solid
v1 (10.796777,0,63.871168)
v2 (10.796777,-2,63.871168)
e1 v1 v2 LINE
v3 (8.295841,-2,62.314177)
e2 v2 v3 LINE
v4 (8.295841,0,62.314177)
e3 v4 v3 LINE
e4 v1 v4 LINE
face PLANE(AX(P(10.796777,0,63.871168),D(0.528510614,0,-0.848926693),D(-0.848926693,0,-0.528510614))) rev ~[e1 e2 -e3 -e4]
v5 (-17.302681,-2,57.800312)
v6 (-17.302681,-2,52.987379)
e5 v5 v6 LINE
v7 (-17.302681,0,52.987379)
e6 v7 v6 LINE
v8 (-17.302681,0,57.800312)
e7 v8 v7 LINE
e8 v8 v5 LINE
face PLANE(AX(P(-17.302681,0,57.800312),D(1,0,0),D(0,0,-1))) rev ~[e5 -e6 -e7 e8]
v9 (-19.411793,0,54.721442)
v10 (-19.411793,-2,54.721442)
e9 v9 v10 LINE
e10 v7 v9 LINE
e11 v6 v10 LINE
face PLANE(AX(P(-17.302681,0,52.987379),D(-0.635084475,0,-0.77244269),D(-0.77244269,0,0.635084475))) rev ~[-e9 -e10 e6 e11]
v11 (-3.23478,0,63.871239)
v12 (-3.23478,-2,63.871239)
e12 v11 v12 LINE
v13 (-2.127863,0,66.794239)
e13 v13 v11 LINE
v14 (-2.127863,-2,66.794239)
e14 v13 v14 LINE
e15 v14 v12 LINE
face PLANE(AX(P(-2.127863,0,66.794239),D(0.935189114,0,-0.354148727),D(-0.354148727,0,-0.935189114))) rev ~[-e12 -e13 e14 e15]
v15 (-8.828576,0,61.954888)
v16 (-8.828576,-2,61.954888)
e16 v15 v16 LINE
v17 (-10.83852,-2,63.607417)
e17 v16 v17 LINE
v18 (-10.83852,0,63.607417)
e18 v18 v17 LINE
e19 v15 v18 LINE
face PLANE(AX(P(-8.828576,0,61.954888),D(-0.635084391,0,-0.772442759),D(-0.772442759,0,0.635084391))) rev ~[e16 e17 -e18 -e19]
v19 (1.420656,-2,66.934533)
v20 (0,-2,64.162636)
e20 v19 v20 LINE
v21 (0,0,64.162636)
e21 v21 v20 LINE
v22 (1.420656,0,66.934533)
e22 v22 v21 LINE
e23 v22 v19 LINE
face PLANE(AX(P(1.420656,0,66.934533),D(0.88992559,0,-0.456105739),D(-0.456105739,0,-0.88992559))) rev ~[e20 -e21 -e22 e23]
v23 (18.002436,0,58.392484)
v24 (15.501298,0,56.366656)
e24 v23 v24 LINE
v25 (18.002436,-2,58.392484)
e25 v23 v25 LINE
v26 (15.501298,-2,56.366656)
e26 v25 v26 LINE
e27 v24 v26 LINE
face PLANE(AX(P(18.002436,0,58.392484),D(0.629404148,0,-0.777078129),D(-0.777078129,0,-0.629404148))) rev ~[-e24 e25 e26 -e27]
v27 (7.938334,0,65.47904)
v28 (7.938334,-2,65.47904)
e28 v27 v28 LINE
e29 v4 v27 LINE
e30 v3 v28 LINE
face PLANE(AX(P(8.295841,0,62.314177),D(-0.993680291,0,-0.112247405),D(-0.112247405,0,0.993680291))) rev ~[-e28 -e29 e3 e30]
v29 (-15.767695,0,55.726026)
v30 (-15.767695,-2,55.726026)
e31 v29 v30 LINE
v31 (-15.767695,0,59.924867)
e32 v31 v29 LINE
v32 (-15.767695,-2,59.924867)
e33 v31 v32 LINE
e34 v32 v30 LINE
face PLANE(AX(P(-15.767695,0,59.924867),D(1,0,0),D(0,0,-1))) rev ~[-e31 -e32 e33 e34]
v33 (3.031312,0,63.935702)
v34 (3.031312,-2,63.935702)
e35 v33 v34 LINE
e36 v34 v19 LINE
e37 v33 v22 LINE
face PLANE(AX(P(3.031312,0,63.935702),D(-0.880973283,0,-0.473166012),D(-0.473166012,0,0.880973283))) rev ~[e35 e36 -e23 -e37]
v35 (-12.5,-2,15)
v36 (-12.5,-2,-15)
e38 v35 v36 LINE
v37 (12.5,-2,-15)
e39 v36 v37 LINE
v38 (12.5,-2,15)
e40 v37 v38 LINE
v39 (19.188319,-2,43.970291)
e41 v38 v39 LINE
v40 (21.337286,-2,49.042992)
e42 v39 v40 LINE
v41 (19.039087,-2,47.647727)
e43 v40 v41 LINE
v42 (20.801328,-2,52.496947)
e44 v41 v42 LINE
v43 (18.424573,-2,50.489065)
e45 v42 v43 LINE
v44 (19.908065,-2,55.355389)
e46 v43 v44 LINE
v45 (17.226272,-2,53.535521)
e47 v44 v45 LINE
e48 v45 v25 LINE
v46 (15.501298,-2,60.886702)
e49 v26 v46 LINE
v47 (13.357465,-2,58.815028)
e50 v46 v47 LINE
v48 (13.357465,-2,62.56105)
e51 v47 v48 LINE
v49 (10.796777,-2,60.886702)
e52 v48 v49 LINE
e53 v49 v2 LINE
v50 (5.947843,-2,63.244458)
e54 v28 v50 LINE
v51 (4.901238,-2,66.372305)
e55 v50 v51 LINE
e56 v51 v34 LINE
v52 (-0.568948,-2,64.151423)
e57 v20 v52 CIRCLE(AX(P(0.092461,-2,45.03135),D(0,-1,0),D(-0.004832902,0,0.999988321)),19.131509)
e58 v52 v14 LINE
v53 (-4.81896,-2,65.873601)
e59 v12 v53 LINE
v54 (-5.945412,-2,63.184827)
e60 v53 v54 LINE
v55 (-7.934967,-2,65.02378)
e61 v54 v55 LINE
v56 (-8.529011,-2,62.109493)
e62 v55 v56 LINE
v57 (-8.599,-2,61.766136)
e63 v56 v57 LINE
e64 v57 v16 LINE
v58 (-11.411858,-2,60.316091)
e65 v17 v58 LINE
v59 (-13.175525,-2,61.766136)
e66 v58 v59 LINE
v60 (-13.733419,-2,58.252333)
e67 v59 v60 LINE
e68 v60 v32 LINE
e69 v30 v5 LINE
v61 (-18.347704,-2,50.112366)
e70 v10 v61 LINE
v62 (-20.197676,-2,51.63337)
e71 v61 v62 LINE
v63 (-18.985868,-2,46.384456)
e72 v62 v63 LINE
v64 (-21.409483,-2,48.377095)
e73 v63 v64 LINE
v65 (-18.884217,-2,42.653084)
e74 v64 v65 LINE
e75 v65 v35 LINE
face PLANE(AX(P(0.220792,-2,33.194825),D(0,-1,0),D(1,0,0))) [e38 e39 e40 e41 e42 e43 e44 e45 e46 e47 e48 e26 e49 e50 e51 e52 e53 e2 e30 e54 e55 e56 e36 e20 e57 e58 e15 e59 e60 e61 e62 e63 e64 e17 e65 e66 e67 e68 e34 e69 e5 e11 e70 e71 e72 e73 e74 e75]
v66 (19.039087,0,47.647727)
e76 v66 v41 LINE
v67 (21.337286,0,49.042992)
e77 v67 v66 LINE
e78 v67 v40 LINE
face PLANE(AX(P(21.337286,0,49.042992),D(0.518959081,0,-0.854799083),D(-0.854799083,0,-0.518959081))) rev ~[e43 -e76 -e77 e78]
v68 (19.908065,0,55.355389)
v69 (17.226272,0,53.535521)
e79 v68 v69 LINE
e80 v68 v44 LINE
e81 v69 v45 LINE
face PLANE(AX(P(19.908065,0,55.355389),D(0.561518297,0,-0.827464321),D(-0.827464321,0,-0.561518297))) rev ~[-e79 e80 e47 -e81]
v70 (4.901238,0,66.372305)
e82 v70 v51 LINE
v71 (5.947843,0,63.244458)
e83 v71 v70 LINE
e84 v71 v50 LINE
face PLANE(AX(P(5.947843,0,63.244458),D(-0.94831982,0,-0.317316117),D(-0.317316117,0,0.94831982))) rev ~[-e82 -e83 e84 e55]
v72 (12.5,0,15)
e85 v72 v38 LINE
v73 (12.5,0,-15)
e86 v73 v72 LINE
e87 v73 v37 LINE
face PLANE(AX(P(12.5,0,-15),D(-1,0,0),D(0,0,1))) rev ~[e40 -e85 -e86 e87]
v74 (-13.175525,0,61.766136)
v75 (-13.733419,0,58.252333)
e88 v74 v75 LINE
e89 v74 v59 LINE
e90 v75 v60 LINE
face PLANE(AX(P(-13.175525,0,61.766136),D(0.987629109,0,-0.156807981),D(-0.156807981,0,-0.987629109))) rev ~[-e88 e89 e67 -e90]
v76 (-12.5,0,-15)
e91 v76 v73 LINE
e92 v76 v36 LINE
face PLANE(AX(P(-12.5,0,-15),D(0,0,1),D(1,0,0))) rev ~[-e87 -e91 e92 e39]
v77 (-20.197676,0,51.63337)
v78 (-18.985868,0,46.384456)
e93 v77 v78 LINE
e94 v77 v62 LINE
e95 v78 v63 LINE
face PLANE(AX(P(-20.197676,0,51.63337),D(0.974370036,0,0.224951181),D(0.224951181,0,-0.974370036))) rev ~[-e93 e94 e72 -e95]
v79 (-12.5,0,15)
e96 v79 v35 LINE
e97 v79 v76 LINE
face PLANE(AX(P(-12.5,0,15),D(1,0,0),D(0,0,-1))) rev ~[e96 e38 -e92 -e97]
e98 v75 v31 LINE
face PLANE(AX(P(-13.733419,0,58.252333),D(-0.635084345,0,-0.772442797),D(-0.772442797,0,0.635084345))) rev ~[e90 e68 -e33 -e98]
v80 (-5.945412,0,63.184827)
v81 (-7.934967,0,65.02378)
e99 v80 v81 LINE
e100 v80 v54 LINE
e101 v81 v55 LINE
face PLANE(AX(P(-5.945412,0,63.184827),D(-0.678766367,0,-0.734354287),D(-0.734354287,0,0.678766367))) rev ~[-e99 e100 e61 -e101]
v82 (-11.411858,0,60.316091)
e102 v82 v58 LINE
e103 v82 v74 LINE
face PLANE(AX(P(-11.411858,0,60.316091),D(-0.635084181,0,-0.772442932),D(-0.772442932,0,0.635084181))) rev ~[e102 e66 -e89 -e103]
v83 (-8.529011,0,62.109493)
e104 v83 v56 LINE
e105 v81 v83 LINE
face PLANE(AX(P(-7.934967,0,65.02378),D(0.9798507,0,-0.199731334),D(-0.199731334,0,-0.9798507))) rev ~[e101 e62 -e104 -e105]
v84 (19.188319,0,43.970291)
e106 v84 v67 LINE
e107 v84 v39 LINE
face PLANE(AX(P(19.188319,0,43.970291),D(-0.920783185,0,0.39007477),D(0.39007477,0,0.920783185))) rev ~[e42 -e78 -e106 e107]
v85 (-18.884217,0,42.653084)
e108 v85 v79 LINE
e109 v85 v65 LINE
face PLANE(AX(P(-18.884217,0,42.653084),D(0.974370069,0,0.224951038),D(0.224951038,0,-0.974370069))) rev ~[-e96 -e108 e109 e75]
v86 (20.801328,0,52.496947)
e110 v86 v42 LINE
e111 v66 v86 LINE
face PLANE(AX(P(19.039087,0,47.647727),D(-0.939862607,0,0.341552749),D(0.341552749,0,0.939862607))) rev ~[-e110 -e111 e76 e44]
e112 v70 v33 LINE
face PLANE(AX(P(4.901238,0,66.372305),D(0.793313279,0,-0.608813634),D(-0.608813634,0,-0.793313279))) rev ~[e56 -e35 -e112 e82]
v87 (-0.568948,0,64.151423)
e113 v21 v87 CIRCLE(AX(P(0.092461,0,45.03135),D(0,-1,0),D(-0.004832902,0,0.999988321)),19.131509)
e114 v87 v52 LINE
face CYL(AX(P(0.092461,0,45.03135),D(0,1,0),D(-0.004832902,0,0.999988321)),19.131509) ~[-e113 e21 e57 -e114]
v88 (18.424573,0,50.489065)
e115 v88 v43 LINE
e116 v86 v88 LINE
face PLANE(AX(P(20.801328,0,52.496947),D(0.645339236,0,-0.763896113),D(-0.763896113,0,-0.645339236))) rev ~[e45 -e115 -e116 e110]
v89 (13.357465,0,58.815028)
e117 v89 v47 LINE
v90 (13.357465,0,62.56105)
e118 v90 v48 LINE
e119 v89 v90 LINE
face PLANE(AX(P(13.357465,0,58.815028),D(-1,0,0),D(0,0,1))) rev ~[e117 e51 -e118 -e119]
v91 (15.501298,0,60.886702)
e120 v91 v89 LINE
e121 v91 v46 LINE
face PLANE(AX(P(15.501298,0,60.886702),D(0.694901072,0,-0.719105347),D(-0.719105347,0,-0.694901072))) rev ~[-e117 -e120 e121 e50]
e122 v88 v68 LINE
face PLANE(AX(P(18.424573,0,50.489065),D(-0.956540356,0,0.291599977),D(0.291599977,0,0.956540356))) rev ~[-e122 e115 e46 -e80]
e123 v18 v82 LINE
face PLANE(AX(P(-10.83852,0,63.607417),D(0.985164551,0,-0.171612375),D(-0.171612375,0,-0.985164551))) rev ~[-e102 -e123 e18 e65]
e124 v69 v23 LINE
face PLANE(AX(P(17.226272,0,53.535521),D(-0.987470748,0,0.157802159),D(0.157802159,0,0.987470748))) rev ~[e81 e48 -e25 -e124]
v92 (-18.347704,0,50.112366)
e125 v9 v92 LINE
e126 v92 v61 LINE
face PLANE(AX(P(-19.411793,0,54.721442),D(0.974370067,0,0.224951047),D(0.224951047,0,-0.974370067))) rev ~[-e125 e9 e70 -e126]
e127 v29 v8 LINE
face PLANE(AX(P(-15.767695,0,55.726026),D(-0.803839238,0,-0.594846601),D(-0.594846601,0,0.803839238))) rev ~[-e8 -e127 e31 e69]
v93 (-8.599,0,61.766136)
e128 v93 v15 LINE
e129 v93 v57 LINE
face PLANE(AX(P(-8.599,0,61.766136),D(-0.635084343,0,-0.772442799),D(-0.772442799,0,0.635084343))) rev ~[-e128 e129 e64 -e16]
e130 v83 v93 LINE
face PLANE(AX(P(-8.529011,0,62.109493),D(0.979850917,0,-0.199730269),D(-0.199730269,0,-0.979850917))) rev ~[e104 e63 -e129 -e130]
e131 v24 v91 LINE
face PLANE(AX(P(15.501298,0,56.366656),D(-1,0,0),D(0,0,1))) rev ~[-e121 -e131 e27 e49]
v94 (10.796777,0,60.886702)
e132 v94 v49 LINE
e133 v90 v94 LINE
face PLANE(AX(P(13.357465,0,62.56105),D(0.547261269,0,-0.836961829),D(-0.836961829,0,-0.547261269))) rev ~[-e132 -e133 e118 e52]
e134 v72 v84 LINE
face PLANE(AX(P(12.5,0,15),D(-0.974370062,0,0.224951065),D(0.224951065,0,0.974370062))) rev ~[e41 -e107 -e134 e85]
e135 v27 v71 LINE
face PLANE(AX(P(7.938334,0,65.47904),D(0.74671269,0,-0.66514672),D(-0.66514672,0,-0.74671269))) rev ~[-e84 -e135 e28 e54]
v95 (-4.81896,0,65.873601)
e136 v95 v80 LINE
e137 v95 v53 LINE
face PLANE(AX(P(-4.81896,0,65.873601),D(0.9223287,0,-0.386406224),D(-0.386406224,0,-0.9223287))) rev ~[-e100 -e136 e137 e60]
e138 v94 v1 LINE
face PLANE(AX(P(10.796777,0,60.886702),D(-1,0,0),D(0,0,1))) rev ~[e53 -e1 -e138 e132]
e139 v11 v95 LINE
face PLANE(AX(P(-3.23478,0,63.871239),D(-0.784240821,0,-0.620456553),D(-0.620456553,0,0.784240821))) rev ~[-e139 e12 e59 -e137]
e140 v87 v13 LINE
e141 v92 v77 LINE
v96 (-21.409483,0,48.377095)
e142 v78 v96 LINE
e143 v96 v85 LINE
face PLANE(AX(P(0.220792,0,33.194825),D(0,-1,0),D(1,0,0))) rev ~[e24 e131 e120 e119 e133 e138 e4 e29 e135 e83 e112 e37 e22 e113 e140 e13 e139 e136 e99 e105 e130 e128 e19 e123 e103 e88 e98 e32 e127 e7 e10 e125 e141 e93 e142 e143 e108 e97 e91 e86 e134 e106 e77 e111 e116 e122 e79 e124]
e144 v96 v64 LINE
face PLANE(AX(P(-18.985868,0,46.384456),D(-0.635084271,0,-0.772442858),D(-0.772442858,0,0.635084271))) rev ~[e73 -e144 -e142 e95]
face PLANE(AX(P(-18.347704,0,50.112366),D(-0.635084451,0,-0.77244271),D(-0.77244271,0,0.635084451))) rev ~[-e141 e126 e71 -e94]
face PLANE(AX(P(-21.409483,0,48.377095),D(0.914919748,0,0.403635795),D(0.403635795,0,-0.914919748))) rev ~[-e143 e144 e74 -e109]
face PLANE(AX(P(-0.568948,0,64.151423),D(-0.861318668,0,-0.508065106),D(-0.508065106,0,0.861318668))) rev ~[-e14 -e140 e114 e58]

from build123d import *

# Parameters (mm, degrees)
F1_DEPTH = 2


with BuildPart() as f1:
    # F0 (on Front) → F1 (new body)
    with BuildSketch(Plane.XZ):
        with BuildLine():
            Line((-12.5, -15), (12.5, -15))
            Line((12.5, -15), (12.5, 15))
            Line((12.5, 15), (19.188319, 43.970291))
            Line((19.188319, 43.970291), (21.337286, 49.042992))
            Line((21.337286, 49.042992), (19.039087, 47.647727))
            Line((19.039087, 47.647727), (20.801328, 52.496947))
            Line((20.801328, 52.496947), (18.424573, 50.489065))
            Line((18.424573, 50.489065), (19.908065, 55.355389))
            Line((19.908065, 55.355389), (17.226272, 53.535521))
            Line((17.226272, 53.535521), (18.002436, 58.392484))
            Line((18.002436, 58.392484), (15.501298, 56.366656))
            Line((15.501298, 56.366656), (15.501298, 60.886702))
            Line((15.501298, 60.886702), (13.357465, 58.815028))
            Line((13.357465, 58.815028), (13.357465, 62.56105))
            Line((13.357465, 62.56105), (10.796777, 60.886702))
            Line((10.796777, 60.886702), (10.796777, 63.871168))
            Line((10.796777, 63.871168), (8.295841, 62.314177))
            Line((8.295841, 62.314177), (7.938334, 65.47904))
            Line((7.938334, 65.47904), (5.947843, 63.244458))
            Line((5.947843, 63.244458), (4.901238, 66.372305))
            Line((4.901238, 66.372305), (3.031312, 63.935702))
            Line((3.031312, 63.935702), (1.420656, 66.934533))
            Line((1.420656, 66.934533), (0, 64.162636))
            ThreePointArc((0, 64.162636), (-0.284516, 64.159145), (-0.568948, 64.151423))
            Line((-0.568948, 64.151423), (-2.127863, 66.794239))
            Line((-2.127863, 66.794239), (-3.23478, 63.871239))
            Line((-3.23478, 63.871239), (-4.81896, 65.873601))
            Line((-4.81896, 65.873601), (-5.945412, 63.184827))
            Line((-5.945412, 63.184827), (-7.934967, 65.02378))
            Line((-7.934967, 65.02378), (-8.529011, 62.109493))
            Line((-8.529011, 62.109493), (-8.599, 61.766136))
            Line((-8.599, 61.766136), (-8.828576, 61.954888))
            Line((-8.828576, 61.954888), (-10.83852, 63.607417))
            Line((-10.83852, 63.607417), (-11.411858, 60.316091))
            Line((-11.411858, 60.316091), (-13.175525, 61.766136))
            Line((-13.175525, 61.766136), (-13.733419, 58.252333))
            Line((-13.733419, 58.252333), (-15.767695, 59.924867))
            Line((-15.767695, 59.924867), (-15.767695, 55.726026))
            Line((-15.767695, 55.726026), (-17.302681, 57.800312))
            Line((-17.302681, 57.800312), (-17.302681, 52.987379))
            Line((-17.302681, 52.987379), (-19.411793, 54.721442))
            Line((-19.411793, 54.721442), (-18.347704, 50.112366))
            Line((-18.347704, 50.112366), (-20.197676, 51.63337))
            Line((-20.197676, 51.63337), (-18.985868, 46.384456))
            Line((-18.985868, 46.384456), (-21.409483, 48.377095))
            Line((-21.409483, 48.377095), (-18.884217, 42.653084))
            Line((-18.884217, 42.653084), (-12.5, 15))
            Line((-12.5, 15), (-12.5, -15))
        make_face()
    extrude(amount=F1_DEPTH)


solid = f1.part
